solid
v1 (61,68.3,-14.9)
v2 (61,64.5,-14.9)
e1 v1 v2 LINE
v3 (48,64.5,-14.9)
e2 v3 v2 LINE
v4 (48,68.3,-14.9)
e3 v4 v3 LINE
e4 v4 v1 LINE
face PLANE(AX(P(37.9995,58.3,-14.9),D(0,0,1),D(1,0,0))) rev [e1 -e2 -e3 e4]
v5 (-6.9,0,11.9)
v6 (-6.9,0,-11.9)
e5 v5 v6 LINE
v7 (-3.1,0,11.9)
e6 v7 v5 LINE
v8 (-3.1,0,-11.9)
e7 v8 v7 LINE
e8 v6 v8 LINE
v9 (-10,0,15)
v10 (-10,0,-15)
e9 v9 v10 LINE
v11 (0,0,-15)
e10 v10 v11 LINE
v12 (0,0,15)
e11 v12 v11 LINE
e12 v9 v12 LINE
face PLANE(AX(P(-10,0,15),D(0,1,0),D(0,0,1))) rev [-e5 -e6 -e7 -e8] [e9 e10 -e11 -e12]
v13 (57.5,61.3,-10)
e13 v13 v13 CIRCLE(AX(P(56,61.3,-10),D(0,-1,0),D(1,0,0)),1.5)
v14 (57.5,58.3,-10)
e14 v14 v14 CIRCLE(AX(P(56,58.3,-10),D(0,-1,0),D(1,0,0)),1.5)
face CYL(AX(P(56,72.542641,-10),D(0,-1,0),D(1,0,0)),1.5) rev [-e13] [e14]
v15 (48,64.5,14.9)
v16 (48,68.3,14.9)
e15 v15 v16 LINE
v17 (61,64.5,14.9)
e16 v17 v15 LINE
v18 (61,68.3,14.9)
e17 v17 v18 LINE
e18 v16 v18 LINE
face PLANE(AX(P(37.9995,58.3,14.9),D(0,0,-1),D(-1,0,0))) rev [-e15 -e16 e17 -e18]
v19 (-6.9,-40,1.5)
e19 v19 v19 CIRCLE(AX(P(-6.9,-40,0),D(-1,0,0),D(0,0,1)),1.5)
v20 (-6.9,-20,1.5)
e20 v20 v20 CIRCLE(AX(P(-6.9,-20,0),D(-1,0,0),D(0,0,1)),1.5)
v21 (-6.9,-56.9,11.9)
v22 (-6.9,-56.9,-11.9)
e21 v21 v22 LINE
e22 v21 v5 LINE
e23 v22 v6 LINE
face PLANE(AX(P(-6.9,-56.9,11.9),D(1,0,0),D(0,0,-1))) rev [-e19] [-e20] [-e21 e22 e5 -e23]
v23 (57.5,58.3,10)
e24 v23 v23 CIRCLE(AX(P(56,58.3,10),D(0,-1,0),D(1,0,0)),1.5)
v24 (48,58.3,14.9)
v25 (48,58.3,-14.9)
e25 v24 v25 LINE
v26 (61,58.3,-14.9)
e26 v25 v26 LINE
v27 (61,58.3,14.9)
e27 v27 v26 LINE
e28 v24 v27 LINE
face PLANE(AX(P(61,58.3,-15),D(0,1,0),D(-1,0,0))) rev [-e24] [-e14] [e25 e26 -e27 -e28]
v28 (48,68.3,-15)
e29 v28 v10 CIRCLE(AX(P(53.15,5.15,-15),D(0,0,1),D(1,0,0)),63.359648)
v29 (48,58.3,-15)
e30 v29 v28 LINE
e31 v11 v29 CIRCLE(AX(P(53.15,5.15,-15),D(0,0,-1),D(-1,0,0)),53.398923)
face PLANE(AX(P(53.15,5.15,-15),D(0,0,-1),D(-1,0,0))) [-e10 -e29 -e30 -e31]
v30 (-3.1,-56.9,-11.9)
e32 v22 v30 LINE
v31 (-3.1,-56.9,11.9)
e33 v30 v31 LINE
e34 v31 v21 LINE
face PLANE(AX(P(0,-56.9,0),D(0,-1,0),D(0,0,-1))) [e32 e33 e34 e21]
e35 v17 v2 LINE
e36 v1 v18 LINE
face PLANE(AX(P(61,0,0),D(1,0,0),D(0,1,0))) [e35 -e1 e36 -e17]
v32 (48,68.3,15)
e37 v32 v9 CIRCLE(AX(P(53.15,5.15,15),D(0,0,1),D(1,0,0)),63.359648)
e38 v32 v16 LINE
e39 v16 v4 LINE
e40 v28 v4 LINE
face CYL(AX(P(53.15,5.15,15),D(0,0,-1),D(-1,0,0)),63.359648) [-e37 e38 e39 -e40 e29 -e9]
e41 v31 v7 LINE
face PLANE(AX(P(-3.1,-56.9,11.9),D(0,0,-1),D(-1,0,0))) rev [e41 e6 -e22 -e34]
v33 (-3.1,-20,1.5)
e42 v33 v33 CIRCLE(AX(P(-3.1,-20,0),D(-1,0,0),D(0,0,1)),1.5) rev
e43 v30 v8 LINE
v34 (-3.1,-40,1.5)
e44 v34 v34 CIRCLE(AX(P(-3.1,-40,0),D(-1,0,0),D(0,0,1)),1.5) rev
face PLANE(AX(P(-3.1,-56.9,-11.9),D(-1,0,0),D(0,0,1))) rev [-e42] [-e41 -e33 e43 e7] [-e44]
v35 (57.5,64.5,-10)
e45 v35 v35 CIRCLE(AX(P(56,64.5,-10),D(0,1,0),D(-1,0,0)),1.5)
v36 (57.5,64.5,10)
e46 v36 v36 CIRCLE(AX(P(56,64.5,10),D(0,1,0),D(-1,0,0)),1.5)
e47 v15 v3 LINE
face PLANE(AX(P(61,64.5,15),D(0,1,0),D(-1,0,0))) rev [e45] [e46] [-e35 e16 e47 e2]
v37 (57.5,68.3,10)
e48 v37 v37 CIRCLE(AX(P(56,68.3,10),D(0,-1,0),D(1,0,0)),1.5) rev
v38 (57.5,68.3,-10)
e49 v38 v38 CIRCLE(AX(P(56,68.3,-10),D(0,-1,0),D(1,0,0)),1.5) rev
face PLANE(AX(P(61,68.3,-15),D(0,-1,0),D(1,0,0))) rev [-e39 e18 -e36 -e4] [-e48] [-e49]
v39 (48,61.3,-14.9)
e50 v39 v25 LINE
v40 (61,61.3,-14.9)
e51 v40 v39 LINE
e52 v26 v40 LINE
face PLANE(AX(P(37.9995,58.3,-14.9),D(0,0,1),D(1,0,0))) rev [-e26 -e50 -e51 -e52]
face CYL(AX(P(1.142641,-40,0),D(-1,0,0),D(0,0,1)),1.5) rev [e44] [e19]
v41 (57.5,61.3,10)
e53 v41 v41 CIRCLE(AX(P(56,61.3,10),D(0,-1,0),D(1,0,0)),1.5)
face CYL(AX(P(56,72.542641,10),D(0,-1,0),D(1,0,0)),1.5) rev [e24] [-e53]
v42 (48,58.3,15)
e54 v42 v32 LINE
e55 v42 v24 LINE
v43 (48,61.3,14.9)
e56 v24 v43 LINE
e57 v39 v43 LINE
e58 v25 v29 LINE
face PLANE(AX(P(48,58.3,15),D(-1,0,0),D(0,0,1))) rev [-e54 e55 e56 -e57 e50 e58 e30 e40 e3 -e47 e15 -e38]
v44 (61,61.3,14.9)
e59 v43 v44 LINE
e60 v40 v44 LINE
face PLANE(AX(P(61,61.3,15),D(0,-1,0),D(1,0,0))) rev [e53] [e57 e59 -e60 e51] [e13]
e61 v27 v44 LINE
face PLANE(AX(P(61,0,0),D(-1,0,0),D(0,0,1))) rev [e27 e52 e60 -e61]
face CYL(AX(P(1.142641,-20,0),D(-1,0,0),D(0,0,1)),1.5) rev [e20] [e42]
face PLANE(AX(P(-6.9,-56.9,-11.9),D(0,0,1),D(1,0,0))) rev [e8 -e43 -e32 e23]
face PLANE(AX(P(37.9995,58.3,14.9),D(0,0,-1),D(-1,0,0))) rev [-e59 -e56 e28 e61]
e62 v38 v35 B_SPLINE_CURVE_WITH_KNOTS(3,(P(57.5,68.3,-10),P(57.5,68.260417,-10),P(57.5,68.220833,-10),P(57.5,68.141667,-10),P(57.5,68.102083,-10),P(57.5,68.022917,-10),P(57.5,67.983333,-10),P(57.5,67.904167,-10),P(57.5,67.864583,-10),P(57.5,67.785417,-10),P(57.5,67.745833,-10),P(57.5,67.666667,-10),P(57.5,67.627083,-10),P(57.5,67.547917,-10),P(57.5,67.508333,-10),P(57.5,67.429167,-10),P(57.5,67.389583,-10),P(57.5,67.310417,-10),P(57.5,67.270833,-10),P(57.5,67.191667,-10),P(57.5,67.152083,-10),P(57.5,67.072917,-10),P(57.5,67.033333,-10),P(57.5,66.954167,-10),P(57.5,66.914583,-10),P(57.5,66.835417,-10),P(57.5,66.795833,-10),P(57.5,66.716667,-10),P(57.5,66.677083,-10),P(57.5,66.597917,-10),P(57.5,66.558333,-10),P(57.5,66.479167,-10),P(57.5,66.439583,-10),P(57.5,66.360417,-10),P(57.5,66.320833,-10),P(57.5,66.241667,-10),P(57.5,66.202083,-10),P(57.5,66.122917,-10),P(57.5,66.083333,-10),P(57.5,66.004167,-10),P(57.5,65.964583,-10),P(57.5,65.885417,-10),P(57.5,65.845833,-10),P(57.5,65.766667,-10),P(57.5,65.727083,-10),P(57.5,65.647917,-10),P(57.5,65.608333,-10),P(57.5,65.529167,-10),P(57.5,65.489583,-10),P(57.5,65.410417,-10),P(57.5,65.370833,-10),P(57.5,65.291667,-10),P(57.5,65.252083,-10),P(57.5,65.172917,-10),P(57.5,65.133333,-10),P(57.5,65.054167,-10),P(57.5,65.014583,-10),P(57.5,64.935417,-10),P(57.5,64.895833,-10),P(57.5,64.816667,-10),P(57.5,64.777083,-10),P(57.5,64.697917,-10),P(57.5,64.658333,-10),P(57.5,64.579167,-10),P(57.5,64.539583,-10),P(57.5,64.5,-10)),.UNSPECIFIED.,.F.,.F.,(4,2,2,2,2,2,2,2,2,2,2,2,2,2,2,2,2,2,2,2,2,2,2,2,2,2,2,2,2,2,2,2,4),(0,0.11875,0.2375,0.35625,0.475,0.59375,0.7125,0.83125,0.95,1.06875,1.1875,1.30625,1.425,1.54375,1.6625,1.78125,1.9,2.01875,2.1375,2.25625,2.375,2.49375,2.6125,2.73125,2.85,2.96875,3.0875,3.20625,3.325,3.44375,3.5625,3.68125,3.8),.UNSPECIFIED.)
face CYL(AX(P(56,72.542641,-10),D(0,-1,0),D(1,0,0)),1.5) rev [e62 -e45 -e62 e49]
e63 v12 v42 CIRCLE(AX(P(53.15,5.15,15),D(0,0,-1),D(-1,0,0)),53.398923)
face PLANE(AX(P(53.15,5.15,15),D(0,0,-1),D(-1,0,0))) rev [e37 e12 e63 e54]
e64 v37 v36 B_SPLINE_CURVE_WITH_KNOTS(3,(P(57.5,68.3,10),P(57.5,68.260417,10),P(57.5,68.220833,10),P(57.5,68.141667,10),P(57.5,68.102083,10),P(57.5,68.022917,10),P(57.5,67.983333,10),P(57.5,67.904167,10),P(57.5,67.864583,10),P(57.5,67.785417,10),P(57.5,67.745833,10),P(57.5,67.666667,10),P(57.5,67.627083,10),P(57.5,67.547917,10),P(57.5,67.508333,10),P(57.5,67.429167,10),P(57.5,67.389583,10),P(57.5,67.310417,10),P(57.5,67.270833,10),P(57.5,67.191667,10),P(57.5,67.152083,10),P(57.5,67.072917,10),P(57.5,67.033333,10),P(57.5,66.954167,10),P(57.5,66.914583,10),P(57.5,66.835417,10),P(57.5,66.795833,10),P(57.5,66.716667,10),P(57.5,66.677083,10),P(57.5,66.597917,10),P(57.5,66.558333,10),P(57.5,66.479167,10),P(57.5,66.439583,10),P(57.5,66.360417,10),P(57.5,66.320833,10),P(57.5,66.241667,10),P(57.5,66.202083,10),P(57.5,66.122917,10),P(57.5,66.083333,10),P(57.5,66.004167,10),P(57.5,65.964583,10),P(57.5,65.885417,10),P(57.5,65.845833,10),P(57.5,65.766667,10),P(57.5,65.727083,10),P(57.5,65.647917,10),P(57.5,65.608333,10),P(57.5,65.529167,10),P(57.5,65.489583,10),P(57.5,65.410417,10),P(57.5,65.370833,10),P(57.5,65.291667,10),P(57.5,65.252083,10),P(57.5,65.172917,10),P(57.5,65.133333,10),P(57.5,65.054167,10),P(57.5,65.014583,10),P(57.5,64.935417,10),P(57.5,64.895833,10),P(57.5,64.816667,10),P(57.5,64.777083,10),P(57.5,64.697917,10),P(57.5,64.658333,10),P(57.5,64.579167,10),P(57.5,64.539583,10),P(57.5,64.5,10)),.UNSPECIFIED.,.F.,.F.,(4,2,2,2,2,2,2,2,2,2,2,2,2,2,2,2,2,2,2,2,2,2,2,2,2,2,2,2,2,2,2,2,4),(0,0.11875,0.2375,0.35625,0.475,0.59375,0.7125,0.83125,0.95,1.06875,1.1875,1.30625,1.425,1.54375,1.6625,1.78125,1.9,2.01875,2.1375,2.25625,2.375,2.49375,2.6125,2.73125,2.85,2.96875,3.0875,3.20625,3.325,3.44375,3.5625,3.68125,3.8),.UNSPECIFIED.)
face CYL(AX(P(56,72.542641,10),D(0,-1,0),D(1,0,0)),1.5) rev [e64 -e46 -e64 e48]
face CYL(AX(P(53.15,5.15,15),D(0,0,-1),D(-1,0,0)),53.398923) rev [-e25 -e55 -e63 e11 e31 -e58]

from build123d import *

# Parameters (mm, degrees)
BOSS_EXTRUDE1_DEPTH = 15
SKETCH2_W           = 3.8
SKETCH2_H           = 23.8
BOSS_EXTRUDE2_DEPTH = 56.9
SKETCH3_R           = 1.5
CUT_EXTRUDE1_DEPTH  = 3.8
SKETCH4_W           = 30
SKETCH4_H           = 3.8
SKETCH4_H_2         = 3
BOSS_EXTRUDE3_DEPTH = 13
CUT_EXTRUDE2_REACH  = 133.214
SKETCH5_R           = 1.5
SKETCH6_W           = 0.1
SKETCH6_H           = 10
CUT_EXTRUDE3_DEPTH  = 13


with BuildPart() as part:
    # Sketch1 → Boss-Extrude1 (new, symmetric)
    with BuildSketch(Plane.XY):
        with BuildLine():
            Line((-10, 0), (0, 0))
            ThreePointArc((0, 0), (11.925674657, 39.091125497), (48, 58.3))
            Line((48, 58.3), (48, 68.3))
            ThreePointArc((48, 68.3), (4.854606845, 46.162193309), (-10, 0))
        make_face()
    extrude(amount=BOSS_EXTRUDE1_DEPTH, both=True)

    # Sketch2 → Boss-Extrude2 (add)
    with BuildSketch(Plane.XZ):
        with Locations((-5, 0)):
            Rectangle(SKETCH2_W, SKETCH2_H)
    extrude(amount=BOSS_EXTRUDE2_DEPTH)

    # Sketch3 → Cut-Extrude1 (cut)
    with BuildSketch(Plane.ZY.offset(6.9)):
        with Locations((0, -20)):
            Circle(SKETCH3_R)
        with Locations((0, -40)):
            Circle(SKETCH3_R)
    extrude(amount=-CUT_EXTRUDE1_DEPTH, mode=Mode.SUBTRACT)

    # Sketch4 → Boss-Extrude3 (add)
    with BuildSketch(Plane(origin=(48, 0, 0), x_dir=(0, 0, -1), z_dir=(1, 0, 0))):
        with Locations((0, 66.4)):
            Rectangle(SKETCH4_W, SKETCH4_H)
        with Locations((0, 59.8)):
            Rectangle(SKETCH4_W, SKETCH4_H_2)
    extrude(amount=BOSS_EXTRUDE3_DEPTH)

    # Cut-Extrude2: up to this face of the body (flat: up to its plane)
    cut_extrude2_end = Plane(part.part.faces().sort_by_distance((54.5, 68.3, 0))[0])
    # Sketch5 → Cut-Extrude2 (cut, up to the picked face)
    with BuildSketch(Plane.XZ.offset(-58.3), mode=Mode.PRIVATE) as cut_extrude2_sk1:
        with Locations((56, 10)):
            Circle(SKETCH5_R)
    cut_extrude2_tool1 = split(extrude(cut_extrude2_sk1.sketch, amount=-CUT_EXTRUDE2_REACH, mode=Mode.PRIVATE), bisect_by=cut_extrude2_end, keep=Keep.BOTH, mode=Mode.PRIVATE)
    # Sketch5 → Cut-Extrude2 (cut, up to the picked face)
    with BuildSketch(Plane.XZ.offset(-58.3), mode=Mode.PRIVATE) as cut_extrude2_sk2:
        with Locations((56, -10)):
            Circle(SKETCH5_R)
    cut_extrude2_tool2 = split(extrude(cut_extrude2_sk2.sketch, amount=-CUT_EXTRUDE2_REACH, mode=Mode.PRIVATE), bisect_by=cut_extrude2_end, keep=Keep.BOTH, mode=Mode.PRIVATE)
    add(cut_extrude2_tool1.solids().sort_by(Axis((56, 58.3, 10), (0, 1, 0)))[0], mode=Mode.SUBTRACT)
    add(cut_extrude2_tool2.solids().sort_by(Axis((56, 58.3, -10), (0, 1, 0)))[0], mode=Mode.SUBTRACT)

    # Sketch6 → Cut-Extrude3 (cut)
    with BuildSketch(Plane(origin=(61, 0, 0), x_dir=(0, 0, -1), z_dir=(1, 0, 0))):
        with Locations((-14.95, 63.3)):
            Rectangle(SKETCH6_W, SKETCH6_H)
        with Locations((14.95, 63.3)):
            Rectangle(SKETCH6_W, SKETCH6_H)
    extrude(amount=-CUT_EXTRUDE3_DEPTH, mode=Mode.SUBTRACT)


solid = part.part
